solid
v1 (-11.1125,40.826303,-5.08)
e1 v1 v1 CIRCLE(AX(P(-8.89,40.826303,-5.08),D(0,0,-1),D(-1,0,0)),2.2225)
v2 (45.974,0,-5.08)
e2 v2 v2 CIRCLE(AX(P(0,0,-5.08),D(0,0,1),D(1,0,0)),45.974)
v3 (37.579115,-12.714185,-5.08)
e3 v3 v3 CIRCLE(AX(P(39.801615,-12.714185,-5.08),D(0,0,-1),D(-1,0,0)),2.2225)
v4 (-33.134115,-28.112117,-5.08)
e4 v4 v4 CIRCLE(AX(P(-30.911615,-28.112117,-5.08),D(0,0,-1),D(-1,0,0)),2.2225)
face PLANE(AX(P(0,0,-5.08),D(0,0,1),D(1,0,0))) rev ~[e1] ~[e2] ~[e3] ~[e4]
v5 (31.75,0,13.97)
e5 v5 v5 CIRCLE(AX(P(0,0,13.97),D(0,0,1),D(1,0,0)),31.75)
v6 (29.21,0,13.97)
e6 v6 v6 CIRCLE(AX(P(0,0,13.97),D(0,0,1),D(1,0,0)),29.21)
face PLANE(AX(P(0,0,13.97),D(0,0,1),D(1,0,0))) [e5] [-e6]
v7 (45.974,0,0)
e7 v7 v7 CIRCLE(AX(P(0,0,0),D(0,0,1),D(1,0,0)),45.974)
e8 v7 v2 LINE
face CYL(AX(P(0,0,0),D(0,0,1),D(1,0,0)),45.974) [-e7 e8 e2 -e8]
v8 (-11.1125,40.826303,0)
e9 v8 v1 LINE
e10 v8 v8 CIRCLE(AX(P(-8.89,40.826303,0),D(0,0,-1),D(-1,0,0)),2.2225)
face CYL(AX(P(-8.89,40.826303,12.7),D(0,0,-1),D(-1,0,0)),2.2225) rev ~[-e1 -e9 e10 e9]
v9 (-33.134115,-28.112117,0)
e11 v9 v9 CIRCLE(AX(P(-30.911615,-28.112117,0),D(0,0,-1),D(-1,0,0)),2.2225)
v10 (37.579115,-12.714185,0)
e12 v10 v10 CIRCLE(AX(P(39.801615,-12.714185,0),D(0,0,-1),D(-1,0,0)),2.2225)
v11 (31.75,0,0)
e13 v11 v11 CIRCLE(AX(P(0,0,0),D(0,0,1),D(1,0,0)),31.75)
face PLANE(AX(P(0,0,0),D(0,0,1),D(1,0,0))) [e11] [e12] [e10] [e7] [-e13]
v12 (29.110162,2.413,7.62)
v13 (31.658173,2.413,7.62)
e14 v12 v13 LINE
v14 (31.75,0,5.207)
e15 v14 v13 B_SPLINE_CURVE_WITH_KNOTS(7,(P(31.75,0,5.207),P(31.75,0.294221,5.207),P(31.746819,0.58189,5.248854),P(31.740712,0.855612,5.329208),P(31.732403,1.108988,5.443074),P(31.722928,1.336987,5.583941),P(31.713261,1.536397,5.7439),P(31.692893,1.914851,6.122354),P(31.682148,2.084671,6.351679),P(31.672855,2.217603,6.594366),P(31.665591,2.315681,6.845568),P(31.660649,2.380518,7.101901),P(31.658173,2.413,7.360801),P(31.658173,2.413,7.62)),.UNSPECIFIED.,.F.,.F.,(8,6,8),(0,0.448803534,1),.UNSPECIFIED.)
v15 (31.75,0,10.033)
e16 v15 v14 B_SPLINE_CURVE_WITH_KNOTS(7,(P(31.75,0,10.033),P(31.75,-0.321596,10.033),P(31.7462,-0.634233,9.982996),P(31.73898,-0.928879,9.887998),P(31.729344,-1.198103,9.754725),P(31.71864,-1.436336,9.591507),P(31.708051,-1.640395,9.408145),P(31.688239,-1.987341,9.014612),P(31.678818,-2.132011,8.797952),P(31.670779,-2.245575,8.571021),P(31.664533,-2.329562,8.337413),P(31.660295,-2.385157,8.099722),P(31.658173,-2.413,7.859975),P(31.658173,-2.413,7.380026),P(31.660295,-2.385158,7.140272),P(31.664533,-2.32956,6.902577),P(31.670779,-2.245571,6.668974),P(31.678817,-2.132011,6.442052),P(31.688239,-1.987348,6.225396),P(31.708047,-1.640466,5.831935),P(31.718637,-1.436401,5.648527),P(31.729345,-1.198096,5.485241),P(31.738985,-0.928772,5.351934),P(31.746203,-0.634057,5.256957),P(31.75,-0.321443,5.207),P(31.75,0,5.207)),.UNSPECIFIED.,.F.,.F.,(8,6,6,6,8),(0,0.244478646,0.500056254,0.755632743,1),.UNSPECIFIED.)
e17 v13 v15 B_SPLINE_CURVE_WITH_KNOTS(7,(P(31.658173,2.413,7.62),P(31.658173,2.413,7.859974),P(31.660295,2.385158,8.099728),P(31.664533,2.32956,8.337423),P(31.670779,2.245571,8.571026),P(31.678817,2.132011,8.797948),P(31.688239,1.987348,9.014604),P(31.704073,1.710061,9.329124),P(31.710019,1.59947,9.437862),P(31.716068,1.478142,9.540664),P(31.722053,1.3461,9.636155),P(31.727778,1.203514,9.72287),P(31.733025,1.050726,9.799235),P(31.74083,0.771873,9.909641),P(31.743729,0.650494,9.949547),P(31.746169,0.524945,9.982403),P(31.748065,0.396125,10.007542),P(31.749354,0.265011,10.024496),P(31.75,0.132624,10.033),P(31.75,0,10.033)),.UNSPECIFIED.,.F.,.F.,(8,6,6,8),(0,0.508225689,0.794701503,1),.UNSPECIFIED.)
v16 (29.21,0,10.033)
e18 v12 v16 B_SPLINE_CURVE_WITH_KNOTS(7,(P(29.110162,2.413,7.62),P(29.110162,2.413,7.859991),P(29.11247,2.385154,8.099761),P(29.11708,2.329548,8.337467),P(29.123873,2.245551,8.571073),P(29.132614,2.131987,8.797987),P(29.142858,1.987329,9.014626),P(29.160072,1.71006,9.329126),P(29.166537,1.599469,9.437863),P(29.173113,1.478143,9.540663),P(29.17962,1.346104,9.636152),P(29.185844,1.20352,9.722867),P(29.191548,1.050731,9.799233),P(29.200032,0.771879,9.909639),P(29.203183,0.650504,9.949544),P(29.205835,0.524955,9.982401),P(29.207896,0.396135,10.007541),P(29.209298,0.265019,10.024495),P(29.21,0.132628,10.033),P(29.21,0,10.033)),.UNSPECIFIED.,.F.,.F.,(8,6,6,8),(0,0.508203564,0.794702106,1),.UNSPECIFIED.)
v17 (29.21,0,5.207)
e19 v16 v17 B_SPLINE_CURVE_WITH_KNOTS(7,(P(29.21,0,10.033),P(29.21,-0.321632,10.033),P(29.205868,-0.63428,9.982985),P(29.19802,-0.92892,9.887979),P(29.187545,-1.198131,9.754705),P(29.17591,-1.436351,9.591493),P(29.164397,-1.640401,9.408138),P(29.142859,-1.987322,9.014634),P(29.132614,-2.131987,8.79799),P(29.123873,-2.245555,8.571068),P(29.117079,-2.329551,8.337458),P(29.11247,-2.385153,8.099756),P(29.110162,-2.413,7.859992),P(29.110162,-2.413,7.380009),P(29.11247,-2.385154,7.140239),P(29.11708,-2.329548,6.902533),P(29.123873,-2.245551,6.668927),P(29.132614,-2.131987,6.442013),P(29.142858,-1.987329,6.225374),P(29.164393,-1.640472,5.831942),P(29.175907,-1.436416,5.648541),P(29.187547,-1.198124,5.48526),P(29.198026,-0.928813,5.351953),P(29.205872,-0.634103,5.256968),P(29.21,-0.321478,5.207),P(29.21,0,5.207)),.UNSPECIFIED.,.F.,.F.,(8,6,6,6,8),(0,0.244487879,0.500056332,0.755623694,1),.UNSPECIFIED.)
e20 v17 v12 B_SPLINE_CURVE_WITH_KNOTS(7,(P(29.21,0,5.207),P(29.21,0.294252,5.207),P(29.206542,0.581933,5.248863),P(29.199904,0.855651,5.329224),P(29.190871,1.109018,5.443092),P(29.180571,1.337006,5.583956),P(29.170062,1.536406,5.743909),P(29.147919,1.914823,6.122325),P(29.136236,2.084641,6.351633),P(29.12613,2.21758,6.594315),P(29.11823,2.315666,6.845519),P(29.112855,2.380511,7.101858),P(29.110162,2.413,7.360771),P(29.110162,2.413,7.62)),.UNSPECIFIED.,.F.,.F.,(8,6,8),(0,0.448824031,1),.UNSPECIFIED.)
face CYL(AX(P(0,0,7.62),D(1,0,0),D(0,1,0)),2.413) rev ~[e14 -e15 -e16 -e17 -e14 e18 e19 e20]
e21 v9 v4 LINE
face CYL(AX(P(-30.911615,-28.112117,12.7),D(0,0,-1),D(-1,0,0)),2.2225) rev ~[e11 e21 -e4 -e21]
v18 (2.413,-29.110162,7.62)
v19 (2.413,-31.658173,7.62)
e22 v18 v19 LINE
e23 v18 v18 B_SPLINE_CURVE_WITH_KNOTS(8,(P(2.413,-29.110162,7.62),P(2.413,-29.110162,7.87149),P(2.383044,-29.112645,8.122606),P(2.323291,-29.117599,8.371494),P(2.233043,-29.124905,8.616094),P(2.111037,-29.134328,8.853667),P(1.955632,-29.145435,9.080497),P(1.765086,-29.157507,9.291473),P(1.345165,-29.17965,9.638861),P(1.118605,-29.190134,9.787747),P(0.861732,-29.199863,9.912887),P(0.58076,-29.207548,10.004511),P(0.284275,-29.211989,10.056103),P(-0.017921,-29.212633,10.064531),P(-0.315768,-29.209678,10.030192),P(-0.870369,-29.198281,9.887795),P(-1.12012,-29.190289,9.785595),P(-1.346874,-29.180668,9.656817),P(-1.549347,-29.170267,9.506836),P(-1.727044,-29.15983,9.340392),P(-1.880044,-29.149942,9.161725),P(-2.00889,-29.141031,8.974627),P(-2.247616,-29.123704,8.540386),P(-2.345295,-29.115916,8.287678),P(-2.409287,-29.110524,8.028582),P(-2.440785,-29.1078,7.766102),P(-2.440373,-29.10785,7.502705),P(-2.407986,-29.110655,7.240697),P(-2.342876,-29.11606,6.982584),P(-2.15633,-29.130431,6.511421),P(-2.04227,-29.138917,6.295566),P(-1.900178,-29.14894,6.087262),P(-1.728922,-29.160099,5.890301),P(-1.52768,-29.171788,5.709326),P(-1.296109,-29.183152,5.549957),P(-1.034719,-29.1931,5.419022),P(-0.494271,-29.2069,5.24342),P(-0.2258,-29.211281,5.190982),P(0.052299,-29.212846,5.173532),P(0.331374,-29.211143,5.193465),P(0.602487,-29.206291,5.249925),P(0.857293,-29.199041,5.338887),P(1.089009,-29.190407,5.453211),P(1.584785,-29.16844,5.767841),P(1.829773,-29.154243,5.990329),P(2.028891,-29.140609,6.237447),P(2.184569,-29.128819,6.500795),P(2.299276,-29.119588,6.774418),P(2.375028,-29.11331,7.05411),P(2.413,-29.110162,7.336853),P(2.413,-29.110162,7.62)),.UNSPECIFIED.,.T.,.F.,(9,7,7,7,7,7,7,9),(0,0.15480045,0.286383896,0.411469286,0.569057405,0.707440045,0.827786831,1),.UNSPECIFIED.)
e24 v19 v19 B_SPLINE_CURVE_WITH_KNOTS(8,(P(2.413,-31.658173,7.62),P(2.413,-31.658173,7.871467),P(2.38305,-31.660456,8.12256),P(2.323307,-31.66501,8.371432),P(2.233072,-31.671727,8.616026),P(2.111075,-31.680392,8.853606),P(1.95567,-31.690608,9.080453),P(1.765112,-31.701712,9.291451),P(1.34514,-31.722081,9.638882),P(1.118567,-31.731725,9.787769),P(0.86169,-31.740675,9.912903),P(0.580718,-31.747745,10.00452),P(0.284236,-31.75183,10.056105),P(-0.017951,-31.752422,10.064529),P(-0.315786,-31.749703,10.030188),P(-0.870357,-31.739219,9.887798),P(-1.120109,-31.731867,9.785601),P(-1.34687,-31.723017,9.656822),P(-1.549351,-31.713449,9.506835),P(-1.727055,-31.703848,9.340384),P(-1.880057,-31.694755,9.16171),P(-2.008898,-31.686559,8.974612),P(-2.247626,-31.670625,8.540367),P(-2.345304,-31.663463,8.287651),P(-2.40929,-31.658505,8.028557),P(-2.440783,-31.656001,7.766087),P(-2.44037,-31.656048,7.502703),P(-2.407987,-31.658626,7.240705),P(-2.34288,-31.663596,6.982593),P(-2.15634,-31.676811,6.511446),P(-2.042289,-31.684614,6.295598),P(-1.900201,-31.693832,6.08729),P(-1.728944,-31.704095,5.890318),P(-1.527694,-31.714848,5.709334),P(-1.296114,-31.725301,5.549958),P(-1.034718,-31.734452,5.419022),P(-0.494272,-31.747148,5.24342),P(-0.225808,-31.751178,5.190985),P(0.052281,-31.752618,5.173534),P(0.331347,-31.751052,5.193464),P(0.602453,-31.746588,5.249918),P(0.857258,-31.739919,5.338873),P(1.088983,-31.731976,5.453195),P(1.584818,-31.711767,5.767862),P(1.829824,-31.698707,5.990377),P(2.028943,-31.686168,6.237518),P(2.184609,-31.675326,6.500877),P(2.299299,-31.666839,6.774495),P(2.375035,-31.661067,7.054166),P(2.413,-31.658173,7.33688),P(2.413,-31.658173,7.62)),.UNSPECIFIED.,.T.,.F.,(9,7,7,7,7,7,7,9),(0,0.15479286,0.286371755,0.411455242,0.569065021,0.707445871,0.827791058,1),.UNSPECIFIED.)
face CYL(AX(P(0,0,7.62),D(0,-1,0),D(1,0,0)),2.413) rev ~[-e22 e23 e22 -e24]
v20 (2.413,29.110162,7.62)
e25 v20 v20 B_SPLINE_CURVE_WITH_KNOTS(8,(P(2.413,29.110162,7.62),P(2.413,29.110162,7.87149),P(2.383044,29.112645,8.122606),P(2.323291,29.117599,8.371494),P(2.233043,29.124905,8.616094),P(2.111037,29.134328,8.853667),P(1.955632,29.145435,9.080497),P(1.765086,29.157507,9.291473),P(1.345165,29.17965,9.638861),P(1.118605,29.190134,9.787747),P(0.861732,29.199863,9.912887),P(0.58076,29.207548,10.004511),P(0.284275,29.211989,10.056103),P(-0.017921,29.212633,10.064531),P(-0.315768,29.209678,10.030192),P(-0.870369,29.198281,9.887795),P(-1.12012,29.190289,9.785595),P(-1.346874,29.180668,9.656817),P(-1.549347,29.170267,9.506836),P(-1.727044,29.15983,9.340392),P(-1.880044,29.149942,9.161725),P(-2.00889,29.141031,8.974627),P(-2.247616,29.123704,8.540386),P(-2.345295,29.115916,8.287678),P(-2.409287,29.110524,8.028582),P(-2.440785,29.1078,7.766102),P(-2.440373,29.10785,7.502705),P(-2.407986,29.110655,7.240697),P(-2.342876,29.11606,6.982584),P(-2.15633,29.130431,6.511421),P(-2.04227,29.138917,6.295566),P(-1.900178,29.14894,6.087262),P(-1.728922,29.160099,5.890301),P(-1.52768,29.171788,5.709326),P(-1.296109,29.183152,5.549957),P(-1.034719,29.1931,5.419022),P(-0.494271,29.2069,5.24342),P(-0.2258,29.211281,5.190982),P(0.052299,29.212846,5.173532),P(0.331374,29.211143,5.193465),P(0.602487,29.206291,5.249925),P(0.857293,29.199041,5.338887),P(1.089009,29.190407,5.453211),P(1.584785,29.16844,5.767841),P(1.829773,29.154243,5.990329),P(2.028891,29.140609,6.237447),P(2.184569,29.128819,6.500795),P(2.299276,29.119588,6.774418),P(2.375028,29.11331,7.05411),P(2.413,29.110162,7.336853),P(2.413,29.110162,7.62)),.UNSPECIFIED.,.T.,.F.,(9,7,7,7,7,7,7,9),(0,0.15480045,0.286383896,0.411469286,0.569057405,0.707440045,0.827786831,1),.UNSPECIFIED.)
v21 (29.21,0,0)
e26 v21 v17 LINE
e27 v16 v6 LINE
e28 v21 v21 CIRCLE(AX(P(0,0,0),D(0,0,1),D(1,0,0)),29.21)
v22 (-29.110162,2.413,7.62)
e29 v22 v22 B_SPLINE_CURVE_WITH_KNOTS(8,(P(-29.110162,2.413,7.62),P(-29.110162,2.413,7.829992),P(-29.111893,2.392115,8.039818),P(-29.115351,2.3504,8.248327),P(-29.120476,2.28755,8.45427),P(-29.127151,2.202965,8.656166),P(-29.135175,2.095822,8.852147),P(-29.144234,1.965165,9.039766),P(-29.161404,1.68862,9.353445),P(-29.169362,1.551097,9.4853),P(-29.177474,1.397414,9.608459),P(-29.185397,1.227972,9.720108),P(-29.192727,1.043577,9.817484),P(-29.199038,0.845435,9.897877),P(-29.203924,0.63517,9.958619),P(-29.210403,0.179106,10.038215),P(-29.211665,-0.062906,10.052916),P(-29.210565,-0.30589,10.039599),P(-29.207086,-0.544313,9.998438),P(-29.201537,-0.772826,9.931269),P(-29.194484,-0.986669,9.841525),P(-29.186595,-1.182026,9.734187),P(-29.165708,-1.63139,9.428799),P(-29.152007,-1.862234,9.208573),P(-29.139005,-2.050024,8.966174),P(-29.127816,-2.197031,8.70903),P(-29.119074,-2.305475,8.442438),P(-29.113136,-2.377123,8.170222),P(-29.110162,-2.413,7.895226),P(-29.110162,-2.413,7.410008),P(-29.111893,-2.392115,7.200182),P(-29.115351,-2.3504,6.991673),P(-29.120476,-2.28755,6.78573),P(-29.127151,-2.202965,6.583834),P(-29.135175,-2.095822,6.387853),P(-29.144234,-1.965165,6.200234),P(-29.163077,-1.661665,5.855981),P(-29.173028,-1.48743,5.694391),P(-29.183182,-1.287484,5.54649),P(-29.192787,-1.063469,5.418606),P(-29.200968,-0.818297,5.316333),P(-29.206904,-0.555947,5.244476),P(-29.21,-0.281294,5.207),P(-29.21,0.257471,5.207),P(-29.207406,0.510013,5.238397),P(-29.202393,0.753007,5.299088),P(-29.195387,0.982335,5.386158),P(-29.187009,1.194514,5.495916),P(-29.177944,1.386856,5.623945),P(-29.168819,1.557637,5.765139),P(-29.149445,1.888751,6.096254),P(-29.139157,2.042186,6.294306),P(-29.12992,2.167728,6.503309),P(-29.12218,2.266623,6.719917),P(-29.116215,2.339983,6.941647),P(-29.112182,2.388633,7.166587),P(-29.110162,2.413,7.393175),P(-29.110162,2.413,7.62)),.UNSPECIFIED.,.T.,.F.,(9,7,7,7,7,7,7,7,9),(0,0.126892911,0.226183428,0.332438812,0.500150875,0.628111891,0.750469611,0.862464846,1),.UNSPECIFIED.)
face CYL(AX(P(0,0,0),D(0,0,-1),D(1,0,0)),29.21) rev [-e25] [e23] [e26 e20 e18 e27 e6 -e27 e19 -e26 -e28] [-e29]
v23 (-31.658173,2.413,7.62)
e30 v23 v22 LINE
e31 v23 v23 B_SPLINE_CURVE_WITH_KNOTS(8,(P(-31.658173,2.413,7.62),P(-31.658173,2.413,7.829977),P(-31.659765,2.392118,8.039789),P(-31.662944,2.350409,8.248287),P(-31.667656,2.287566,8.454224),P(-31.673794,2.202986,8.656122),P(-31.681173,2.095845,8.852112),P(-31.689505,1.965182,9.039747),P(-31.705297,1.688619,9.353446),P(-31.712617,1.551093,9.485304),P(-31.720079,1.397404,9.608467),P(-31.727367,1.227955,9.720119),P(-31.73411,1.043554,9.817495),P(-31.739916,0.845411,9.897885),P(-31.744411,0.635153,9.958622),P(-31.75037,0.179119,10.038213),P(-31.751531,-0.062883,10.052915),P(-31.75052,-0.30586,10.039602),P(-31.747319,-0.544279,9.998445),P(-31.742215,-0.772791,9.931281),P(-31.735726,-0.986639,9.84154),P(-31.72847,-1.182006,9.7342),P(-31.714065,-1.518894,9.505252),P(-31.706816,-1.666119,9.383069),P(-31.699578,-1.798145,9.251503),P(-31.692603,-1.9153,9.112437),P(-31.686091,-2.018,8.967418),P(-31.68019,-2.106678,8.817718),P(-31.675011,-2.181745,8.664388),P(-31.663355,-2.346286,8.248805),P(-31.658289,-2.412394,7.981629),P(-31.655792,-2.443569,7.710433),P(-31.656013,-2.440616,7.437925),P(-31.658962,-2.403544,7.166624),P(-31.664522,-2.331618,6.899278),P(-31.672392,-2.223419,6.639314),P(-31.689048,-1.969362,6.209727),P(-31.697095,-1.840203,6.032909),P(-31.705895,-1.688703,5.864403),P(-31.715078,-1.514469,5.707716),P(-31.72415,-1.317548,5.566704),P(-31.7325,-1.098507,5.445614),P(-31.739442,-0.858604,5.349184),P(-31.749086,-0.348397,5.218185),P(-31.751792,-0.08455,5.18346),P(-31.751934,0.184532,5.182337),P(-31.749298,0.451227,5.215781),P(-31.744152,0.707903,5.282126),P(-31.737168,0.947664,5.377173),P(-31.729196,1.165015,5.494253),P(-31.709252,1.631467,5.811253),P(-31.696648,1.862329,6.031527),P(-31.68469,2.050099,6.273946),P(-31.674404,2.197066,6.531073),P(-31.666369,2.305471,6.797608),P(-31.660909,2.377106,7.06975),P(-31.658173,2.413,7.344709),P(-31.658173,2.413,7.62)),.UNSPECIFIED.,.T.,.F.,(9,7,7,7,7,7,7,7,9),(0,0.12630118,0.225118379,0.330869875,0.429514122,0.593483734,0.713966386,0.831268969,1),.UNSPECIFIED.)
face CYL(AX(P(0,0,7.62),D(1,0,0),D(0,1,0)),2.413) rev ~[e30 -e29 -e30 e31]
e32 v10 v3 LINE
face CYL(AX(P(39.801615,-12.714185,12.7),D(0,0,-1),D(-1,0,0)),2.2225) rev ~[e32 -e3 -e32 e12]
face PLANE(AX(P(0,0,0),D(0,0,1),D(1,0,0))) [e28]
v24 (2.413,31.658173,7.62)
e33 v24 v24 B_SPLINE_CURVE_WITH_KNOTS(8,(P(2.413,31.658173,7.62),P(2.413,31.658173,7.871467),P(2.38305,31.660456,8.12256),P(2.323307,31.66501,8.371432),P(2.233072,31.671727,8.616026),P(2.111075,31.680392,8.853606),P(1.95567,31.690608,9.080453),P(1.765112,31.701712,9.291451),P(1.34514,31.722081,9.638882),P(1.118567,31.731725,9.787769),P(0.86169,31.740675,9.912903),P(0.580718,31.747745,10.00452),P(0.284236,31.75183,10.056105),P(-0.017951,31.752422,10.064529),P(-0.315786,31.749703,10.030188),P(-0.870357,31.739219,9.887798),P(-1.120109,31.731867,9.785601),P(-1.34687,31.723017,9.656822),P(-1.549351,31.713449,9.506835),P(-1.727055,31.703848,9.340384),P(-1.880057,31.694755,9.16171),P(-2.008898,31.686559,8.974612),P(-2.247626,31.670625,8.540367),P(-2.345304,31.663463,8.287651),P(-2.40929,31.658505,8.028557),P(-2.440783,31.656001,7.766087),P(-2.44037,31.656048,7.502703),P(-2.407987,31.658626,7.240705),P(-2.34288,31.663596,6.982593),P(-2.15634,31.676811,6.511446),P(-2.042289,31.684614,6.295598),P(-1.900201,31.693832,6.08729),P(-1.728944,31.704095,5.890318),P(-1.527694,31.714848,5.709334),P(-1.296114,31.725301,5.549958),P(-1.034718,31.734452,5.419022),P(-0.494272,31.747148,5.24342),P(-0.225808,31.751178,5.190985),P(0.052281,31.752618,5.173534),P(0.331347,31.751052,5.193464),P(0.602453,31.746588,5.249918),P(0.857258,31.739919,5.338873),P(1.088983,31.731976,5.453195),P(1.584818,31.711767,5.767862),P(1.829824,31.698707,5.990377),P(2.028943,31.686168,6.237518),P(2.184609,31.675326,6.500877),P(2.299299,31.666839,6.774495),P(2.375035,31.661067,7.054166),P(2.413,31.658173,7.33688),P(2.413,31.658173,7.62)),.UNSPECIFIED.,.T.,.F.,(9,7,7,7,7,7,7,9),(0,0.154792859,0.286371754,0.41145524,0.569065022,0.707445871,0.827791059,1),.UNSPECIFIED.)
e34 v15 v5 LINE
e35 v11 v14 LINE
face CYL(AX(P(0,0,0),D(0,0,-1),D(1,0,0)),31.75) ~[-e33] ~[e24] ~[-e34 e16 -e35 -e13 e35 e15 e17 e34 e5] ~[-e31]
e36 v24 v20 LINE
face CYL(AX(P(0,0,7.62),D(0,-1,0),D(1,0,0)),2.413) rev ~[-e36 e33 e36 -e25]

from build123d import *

# Parameters (mm, degrees)
F0_R      = 31.75
F0_R_2    = 29.21
F1_DEPTH  = 13.97
F4_R      = 45.974
F5_DEPTH  = 5.08
F6_R      = 2.413
F7_DEPTH  = 38.1
F9_D      = 4.445
F9_DEPTH  = 12.7
F10_R     = 2.413
F11_DEPTH = 50.8


with BuildPart() as f1:
    # F0 (on Top) → F1 (new body)
    with BuildSketch(Plane.XY):
        Circle(F0_R)
        Circle(F0_R_2, mode=Mode.SUBTRACT)
    extrude(amount=F1_DEPTH)

    # F4 (on Top) → F5 (join)
    with BuildSketch(Plane.XY):
        Circle(F4_R)
    extrude(amount=-F5_DEPTH)

    # F6 (on Front) → F7 (cut, symmetric)
    with BuildSketch(Plane.XZ):
        with Locations((0, 7.62)):
            Circle(F6_R)
    extrude(amount=F7_DEPTH, both=True, mode=Mode.SUBTRACT)

    # F9
    with Locations(Plane.XY):
        with Locations((-8.89, 40.826303), (-30.911615, -28.112117), (39.801615, -12.714185)):
            Hole(F9_D / 2, depth=F9_DEPTH)

    # F10 (on Right) → F11 (cut, symmetric)
    with BuildSketch(Plane.YZ):
        with Locations((0, 7.62)):
            Circle(F10_R)
    extrude(amount=F11_DEPTH, both=True, mode=Mode.SUBTRACT)


solid = f1.part
